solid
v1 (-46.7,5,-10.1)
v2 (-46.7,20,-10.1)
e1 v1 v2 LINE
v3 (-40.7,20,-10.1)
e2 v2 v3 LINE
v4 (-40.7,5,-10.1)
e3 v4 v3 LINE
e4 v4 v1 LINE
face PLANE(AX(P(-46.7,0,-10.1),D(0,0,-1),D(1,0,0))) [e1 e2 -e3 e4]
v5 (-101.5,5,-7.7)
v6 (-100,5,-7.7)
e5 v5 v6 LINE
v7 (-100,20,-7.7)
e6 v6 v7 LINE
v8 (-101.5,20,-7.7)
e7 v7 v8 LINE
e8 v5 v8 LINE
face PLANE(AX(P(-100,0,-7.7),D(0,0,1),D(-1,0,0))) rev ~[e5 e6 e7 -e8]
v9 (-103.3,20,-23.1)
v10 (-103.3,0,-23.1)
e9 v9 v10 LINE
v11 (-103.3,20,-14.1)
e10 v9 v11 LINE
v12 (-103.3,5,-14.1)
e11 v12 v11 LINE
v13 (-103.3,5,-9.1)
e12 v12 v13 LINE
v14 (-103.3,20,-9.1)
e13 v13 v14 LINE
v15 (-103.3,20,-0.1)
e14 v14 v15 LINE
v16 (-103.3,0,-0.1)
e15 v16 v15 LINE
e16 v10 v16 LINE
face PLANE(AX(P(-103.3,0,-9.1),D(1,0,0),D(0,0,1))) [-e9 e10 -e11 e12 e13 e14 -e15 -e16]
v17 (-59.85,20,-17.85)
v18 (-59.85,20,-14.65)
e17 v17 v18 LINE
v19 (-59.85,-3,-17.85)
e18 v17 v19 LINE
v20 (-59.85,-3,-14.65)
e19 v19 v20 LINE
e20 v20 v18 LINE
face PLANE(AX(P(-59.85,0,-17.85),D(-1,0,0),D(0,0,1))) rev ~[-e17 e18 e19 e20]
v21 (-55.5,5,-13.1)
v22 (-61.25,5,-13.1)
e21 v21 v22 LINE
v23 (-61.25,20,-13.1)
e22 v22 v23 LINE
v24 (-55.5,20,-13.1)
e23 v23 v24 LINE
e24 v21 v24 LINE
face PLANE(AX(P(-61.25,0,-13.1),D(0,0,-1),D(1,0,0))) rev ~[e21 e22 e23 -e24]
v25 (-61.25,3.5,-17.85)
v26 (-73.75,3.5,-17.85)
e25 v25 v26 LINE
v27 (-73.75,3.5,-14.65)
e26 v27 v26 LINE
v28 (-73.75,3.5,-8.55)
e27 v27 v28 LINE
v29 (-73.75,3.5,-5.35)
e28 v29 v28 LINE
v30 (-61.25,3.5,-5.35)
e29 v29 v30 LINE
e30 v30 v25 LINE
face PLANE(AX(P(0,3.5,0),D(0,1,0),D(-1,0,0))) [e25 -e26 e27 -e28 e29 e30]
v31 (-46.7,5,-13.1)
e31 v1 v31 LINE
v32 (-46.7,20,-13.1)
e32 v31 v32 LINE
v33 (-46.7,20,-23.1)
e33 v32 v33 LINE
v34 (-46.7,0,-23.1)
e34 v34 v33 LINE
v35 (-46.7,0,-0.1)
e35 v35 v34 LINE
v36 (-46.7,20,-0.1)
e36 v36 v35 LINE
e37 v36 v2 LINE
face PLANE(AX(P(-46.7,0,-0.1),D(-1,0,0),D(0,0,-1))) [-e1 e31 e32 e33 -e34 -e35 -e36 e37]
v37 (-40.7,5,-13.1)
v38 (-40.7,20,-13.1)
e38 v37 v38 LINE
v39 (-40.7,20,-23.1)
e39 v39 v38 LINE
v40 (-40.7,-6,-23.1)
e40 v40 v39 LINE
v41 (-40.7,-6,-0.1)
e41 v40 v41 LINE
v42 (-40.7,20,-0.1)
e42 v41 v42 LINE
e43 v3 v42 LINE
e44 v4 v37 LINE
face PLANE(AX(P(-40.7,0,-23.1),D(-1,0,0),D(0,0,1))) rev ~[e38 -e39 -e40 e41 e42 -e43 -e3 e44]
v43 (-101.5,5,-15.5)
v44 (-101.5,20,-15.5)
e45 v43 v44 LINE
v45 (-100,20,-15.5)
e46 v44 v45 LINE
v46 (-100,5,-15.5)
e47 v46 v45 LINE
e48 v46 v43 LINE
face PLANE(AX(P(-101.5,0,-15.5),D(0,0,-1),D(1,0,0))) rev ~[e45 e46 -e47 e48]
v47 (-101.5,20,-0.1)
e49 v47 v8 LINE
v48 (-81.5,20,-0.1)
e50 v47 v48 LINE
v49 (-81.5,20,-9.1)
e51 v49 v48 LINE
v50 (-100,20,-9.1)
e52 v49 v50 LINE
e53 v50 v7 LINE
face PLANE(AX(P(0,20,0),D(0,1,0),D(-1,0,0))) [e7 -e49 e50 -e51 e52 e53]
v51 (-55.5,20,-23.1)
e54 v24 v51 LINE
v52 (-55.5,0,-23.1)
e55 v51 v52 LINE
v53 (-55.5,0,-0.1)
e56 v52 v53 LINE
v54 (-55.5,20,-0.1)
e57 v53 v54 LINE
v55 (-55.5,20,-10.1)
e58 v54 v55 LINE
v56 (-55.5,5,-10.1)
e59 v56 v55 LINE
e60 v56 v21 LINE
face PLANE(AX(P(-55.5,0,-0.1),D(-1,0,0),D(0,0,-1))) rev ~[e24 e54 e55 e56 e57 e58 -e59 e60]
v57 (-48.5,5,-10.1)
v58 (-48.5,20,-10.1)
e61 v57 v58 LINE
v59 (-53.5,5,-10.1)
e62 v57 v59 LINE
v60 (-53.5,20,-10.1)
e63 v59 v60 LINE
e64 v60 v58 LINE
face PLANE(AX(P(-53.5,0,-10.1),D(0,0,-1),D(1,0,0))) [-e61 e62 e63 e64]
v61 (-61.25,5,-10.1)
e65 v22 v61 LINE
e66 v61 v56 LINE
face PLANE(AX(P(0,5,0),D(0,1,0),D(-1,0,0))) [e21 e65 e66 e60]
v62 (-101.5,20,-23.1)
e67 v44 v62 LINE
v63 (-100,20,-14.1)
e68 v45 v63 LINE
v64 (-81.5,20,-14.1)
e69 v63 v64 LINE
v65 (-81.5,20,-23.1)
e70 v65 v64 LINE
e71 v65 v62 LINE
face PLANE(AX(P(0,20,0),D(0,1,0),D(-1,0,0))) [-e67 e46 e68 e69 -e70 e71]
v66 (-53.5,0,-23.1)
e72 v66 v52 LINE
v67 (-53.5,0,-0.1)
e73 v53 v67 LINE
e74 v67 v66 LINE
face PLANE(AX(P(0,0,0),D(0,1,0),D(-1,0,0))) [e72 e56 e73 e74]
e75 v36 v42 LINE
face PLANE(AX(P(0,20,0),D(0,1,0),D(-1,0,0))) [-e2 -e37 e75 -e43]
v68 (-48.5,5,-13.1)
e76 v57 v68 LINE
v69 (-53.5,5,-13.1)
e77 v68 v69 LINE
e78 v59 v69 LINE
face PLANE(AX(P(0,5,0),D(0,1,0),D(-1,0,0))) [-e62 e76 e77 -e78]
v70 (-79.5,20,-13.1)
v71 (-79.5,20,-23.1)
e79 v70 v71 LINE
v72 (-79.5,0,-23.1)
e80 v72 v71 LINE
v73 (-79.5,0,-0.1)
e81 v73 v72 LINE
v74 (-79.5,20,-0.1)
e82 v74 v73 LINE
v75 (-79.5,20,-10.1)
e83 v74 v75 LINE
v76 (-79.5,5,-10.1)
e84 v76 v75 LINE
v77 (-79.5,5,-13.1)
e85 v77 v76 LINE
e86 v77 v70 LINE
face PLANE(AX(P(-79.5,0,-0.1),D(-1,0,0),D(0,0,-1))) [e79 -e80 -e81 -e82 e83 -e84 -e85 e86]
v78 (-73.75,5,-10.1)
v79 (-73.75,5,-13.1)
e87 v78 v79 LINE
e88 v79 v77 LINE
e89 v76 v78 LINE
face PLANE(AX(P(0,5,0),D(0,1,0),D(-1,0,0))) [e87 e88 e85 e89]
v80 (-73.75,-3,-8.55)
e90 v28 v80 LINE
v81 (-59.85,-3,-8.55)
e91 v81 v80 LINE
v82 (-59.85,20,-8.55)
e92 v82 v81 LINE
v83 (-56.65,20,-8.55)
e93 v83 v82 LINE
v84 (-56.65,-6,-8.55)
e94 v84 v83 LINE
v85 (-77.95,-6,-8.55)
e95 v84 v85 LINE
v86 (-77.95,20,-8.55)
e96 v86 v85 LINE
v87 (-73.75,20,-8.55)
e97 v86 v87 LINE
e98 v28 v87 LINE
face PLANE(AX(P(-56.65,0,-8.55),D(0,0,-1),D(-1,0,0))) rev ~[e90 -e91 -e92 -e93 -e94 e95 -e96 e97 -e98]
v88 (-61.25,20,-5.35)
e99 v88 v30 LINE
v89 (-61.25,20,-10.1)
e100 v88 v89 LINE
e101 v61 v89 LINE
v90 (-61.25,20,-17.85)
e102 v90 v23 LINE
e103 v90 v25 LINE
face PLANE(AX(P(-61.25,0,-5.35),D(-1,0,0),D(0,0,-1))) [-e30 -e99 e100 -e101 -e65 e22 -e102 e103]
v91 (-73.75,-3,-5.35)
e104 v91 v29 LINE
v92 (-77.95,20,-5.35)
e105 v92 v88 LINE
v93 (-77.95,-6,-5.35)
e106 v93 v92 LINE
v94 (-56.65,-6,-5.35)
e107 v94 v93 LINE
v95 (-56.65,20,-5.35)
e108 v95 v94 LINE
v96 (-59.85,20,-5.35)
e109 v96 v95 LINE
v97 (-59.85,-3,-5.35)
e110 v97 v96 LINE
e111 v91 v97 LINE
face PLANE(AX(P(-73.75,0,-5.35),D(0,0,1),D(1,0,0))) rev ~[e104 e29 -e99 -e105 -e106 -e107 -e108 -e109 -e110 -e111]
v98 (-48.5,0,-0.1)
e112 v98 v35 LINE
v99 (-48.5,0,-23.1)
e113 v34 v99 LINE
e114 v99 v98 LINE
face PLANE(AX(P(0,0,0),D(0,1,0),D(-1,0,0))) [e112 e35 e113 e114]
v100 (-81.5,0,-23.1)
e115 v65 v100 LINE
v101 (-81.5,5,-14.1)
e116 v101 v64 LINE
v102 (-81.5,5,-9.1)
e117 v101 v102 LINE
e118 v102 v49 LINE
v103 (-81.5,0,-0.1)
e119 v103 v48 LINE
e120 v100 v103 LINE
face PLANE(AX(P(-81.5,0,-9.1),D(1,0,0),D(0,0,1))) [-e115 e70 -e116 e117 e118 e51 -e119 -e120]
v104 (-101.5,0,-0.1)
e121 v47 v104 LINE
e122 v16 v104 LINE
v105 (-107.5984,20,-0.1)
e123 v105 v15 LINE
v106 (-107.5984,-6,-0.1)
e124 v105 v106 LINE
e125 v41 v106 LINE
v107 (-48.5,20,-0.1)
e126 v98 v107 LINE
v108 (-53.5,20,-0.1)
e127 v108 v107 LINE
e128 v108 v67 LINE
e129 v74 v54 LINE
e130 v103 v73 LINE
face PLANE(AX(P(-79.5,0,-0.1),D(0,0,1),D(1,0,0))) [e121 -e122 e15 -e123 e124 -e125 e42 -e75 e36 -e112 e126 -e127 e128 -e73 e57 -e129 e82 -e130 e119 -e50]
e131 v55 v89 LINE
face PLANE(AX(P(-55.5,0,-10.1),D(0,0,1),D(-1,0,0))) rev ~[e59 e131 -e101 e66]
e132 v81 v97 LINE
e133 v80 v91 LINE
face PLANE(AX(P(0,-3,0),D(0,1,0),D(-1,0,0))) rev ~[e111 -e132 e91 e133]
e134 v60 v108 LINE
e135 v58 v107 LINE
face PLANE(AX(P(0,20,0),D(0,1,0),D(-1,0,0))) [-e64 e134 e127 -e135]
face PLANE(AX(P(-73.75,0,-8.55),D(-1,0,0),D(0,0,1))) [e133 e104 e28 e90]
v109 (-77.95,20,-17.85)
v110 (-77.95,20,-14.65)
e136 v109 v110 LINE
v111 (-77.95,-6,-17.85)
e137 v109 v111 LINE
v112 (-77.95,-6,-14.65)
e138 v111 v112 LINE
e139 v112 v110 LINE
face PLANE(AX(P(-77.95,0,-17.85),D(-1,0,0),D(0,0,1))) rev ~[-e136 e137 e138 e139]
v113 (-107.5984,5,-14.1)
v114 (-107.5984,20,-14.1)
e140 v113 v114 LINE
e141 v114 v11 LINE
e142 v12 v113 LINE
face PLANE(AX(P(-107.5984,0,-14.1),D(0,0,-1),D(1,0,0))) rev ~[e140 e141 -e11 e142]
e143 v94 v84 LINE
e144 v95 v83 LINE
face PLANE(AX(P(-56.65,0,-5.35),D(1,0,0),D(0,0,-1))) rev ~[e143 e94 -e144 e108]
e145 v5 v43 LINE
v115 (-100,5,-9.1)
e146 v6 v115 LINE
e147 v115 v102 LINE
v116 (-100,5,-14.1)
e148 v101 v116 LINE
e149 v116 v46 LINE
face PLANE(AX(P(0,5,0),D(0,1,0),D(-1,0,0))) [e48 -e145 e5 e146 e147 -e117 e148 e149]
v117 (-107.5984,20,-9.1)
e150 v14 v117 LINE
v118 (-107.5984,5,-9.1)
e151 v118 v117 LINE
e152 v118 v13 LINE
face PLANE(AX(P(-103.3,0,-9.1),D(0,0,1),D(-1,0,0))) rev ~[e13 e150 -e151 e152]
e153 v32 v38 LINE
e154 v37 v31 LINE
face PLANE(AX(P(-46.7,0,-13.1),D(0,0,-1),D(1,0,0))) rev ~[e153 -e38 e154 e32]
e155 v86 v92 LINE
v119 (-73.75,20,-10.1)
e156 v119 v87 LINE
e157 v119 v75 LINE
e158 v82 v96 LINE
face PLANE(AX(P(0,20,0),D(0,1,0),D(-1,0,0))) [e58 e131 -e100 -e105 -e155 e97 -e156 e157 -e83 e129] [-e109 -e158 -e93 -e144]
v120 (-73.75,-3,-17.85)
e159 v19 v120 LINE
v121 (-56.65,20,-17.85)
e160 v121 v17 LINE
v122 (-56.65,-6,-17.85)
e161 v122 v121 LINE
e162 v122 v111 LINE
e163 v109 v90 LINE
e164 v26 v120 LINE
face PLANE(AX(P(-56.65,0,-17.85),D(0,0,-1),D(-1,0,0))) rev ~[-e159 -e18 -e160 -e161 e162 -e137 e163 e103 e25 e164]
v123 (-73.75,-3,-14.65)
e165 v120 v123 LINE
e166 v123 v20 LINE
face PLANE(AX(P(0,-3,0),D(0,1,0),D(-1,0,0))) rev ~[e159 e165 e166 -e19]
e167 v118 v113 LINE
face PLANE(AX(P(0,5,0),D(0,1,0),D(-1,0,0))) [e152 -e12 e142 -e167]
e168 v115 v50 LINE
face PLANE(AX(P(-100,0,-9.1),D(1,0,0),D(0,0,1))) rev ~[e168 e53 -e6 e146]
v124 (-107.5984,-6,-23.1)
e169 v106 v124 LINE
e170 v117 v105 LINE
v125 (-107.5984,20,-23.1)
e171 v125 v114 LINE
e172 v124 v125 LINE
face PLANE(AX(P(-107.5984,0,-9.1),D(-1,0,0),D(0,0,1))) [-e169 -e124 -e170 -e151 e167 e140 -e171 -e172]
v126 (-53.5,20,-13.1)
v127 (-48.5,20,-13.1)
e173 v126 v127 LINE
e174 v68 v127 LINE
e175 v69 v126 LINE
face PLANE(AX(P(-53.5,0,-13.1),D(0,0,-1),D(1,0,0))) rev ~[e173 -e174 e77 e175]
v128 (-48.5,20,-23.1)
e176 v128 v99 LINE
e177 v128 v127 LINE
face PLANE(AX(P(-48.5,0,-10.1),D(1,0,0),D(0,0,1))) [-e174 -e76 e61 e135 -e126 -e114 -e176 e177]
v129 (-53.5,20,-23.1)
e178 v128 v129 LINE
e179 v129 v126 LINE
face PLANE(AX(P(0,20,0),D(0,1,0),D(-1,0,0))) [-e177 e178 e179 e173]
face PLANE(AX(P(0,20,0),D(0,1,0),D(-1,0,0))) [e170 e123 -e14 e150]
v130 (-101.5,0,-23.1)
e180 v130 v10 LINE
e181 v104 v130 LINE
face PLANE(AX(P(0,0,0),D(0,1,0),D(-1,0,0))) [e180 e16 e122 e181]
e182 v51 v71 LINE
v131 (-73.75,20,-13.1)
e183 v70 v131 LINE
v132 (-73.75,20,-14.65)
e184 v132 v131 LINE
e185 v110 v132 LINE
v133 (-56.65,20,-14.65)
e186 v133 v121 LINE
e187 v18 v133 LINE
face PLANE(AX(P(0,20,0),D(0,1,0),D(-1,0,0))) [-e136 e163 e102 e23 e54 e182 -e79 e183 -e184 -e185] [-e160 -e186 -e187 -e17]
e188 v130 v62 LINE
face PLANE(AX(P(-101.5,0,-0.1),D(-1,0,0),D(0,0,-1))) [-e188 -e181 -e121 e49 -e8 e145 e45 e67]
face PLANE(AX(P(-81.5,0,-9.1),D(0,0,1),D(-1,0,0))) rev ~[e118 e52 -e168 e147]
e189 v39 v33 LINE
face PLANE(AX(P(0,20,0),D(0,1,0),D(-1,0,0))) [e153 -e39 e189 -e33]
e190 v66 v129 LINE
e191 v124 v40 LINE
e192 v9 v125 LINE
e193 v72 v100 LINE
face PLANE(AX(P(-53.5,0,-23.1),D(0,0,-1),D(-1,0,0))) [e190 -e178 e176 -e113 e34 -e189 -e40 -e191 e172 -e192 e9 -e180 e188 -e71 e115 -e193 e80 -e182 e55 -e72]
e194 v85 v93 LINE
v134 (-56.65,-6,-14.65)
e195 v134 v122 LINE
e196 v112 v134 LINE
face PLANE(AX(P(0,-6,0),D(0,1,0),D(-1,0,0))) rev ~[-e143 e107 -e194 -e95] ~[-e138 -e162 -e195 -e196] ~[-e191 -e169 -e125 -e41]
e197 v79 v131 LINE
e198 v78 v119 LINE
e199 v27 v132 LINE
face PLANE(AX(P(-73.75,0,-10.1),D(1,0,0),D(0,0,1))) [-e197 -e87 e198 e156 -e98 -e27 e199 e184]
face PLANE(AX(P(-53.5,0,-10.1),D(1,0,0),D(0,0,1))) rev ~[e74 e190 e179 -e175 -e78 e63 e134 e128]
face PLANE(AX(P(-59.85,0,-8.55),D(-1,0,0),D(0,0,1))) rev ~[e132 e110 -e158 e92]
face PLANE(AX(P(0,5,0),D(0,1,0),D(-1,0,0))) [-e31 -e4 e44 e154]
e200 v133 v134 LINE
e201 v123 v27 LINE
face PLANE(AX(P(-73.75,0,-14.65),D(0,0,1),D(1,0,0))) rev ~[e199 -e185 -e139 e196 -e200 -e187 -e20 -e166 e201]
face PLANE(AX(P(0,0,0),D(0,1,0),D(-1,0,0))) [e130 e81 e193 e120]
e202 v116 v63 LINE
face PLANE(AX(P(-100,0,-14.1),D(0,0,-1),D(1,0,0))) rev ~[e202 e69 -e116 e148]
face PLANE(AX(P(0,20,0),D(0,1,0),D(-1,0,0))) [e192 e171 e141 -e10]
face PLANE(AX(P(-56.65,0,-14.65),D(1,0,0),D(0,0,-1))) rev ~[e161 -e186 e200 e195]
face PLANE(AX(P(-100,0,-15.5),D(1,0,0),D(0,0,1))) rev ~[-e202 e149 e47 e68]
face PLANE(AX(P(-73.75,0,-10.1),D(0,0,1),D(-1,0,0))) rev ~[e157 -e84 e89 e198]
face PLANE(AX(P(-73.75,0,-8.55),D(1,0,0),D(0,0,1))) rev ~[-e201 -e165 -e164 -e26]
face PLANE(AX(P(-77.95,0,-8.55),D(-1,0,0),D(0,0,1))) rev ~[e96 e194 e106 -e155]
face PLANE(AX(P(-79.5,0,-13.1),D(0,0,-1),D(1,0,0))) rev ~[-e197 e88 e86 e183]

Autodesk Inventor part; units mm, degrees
ref_plane "YZ Plane" through (0, 0, 0) normal (1, 0, 0) x (0, 1, 0)
ref_plane "XZ Plane" through (0, 0, 0) normal (0, 1, 0) x (-1, 0, 0)
ref_plane "XY Plane" through (0, 0, 0) normal (0, 0, 1) x (1, 0, 0)
sketch "Sketch1" plane through (0, 0, 0) normal (0, 1, 0) x (-1, 0, 0)
  line L0 (73.75, -5.35) -> (61.25, -5.35)
  line L1 (61.25, -5.35) -> (61.25, -17.85)
  line L2 (61.25, -17.85) -> (73.75, -17.85)
  line L3 (73.75, -17.85) -> (73.75, -5.35)
  line L4 (107.5984, -0.1) -> (40.7, -0.1)
  line L5 (40.7, -23.1) -> (107.5984, -23.1)
  line L6 (77.3838, -11.6) -> (49.3838, -11.6) construction
  line L7 (67.5, -2.25) -> (67.5, -23.25) construction
  line L8 (101.5, -0.1) -> (101.5, -23.1)
  line L9 (103.3, -23.1) -> (103.3, -0.1)
  line L10 (81.5, -9.1) -> (107.5984, -9.1)
  line L11 (107.5984, -14.1) -> (81.5, -14.1)
  line L12 (48.5, -23.1) -> (48.5, -0.1)
  line L13 (46.7, -0.1) -> (46.7, -23.1)
  line L14 (53.5, -10.1) -> (40.7, -10.1)
  line L15 (53.5, -13.1) -> (40.7, -13.1)
  line L16 (101.5, -15.5) -> (100, -15.5)
  line L17 (100, -15.5) -> (100, -7.7)
  line L18 (100, -7.7) -> (101.5, -7.7)
  line L19 (79.5, -0.1) -> (79.5, -23.1)
  line L20 (81.5, -23.1) -> (81.5, -0.1)
  line L21 (55.5, -0.1) -> (55.5, -23.1)
  line L22 (53.5, -23.1) -> (53.5, -0.1)
  line L23 (79.5, -13.1) -> (73.75, -13.1)
  line L24 (73.75, -10.1) -> (79.5, -10.1)
  line L25 (61.25, -13.1) -> (55.5, -13.1)
  line L26 (55.5, -10.1) -> (61.25, -10.1)
  line L27 (73.75, -17.85) -> (77.95, -17.85)
  line L28 (77.95, -17.85) -> (77.95, -14.65)
  line L29 (77.95, -14.65) -> (73.75, -14.65)
  line L30 (73.75, -14.65) -> (61.25, -14.65)
  line L31 (56.65, -14.65) -> (56.65, -17.85)
  line L32 (56.65, -17.85) -> (59.85, -17.85)
  line L33 (59.85, -14.65) -> (56.65, -14.65)
  line L34 (59.85, -5.35) -> (56.65, -5.35)
  line L35 (56.65, -5.35) -> (56.65, -8.55)
  line L36 (56.65, -8.55) -> (59.85, -8.55)
  line L37 (61.25, -8.55) -> (73.75, -8.55)
  line L38 (77.95, -8.55) -> (77.95, -5.35)
  line L39 (73.75, -5.35) -> (77.95, -5.35)
  line L40 (77.95, -8.55) -> (73.75, -8.55)
  line L41 (59.85, -17.85) -> (59.85, -14.65)
  line L42 (59.85, -8.55) -> (59.85, -5.35)
  line L43 (61.25, -17.85) -> (59.85, -17.85)
  line L44 (61.25, -14.65) -> (59.85, -14.65)
  line L45 (61.25, -8.55) -> (59.85, -8.55)
  line L46 (61.25, -5.35) -> (59.85, -5.35)
  line L47 (40.7, -23.1) -> (40.7, -0.1)
  line L48 (107.5984, -23.1) -> (107.5984, -0.1)
  point P0 (103.3, -9.1)
  point P1 (101.5, -9.1)
  point P2 (103.3, -14.1)
  point P3 (101.5, -14.1)
  point P4 (48.5, -10.1)
  point P5 (46.7, -10.1)
  point P6 (48.5, -13.1)
  point P7 (46.7, -13.1)
  point P8 (67.5, -11.6)
  point P9 (100, -9.1)
  point P10 (100, -14.1)
  dimension "d0" = 12.5
  dimension "d1" = 12.5
  dimension "d7" = 1.8
  dimension "d12" = 5
  dimension "d18" = 1.8
  dimension "d39" = 1.5
  dimension "d43" = 2
  dimension "d45" = 2
  dimension "d52" = 12
  dimension "d57" = 12
  dimension "d62" = 3
  dimension "d63" = 3
  dimension "d67" = 22
  dimension "d71" = 7
  dimension "d76" = 4.2
  dimension "d77" = 3.2
  dimension "d78" = 3.2
  dimension "d79" = 1.4
  dimension "d80" = 3.2
  dimension "d91" = 6
  dimension "d92" = 3
  dimension "d95" = 23
extrude "Extrusion11" add sketch "Sketch1" against normal blind 3 contours L3 L37 L1 L0 | L1 L45 L42 L46 | L3 L2 L1 L30 | L1 L43 L41 L44
extrude "Extrusion10" add sketch "Sketch1" against normal blind 6 separate body contours L0 L46 L34 L35 L36 L45 L1 L26 L21 L4 L19 L24 L3 L40 L38 L39 | L3 L30 L1 L37 | L24 L19 L23 L3 | L1 L25 L21 L26 | L23 L19 L5 L21 L25 L1 L44 L33 L31 L32 L43 L2 L27 L28 L29 L3 | L19 L4 L20 L5 | L21 L5 L22 L4 | L4 L8 L18 L17 L10 L20 | L22 L14 L12 L4 | L20 L11 L17 L16 L8 L5 | L4 L9 L10 L8 | L10 L17 L11 L20 | L5 L12 L15 L22 | L12 L14 L13 L4 | L22 L15 L12 L14 | L8 L11 L9 L5 | L4 L48 L10 L9 | L8 L10 L17 L18 | L10 L8 L11 L17 | L5 L13 L15 L12 | L13 L14 L47 L4 | L12 L15 L13 L14 | L9 L11 L48 L5 | L16 L17 L11 L8 | L10 L48 L11 L9 | L9 L11 L8 L10 | L5 L47 L15 L13 | L13 L15 L47 L14
extrude "Extrusion15" add sketch "Sketch1" along normal blind 5 contours L0 L46 L34 L35 L36 L45 L1 L26 L21 L4 L19 L24 L3 L40 L38 L39 | L24 L19 L23 L3 | L1 L25 L21 L26 | L23 L19 L5 L21 L25 L1 L44 L33 L31 L32 L43 L2 L27 L28 L29 L3 | L4 L8 L18 L17 L10 L20 | L22 L14 L12 L4 | L20 L11 L17 L16 L8 L5 | L10 L17 L11 L20 | L5 L12 L15 L22 | L22 L15 L12 L14 | L4 L48 L10 L9 | L8 L10 L17 L18 | L10 L8 L11 L17 | L13 L14 L47 L4 | L9 L11 L48 L5 | L16 L17 L11 L8 | L10 L48 L11 L9 | L5 L47 L15 L13 | L13 L15 L47 L14
extrude "Extrusion14" add sketch "Sketch1" along normal blind 3.5 contours L3 L37 L1 L0 | L3 L30 L1 L37 | L3 L2 L1 L30
extrude "Extrusion16" add sketch "Sketch1" along normal blind 20 contours L0 L46 L34 L35 L36 L45 L1 L26 L21 L4 L19 L24 L3 L40 L38 L39 | L1 L45 L42 L46 | L23 L19 L5 L21 L25 L1 L44 L33 L31 L32 L43 L2 L27 L28 L29 L3 | L1 L43 L41 L44 | L4 L8 L18 L17 L10 L20 | L22 L14 L12 L4 | L20 L11 L17 L16 L8 L5 | L5 L12 L15 L22 | L4 L48 L10 L9 | L13 L14 L47 L4 | L9 L11 L48 L5 | L5 L47 L15 L13
properties part number "Spirulina_prototype"
